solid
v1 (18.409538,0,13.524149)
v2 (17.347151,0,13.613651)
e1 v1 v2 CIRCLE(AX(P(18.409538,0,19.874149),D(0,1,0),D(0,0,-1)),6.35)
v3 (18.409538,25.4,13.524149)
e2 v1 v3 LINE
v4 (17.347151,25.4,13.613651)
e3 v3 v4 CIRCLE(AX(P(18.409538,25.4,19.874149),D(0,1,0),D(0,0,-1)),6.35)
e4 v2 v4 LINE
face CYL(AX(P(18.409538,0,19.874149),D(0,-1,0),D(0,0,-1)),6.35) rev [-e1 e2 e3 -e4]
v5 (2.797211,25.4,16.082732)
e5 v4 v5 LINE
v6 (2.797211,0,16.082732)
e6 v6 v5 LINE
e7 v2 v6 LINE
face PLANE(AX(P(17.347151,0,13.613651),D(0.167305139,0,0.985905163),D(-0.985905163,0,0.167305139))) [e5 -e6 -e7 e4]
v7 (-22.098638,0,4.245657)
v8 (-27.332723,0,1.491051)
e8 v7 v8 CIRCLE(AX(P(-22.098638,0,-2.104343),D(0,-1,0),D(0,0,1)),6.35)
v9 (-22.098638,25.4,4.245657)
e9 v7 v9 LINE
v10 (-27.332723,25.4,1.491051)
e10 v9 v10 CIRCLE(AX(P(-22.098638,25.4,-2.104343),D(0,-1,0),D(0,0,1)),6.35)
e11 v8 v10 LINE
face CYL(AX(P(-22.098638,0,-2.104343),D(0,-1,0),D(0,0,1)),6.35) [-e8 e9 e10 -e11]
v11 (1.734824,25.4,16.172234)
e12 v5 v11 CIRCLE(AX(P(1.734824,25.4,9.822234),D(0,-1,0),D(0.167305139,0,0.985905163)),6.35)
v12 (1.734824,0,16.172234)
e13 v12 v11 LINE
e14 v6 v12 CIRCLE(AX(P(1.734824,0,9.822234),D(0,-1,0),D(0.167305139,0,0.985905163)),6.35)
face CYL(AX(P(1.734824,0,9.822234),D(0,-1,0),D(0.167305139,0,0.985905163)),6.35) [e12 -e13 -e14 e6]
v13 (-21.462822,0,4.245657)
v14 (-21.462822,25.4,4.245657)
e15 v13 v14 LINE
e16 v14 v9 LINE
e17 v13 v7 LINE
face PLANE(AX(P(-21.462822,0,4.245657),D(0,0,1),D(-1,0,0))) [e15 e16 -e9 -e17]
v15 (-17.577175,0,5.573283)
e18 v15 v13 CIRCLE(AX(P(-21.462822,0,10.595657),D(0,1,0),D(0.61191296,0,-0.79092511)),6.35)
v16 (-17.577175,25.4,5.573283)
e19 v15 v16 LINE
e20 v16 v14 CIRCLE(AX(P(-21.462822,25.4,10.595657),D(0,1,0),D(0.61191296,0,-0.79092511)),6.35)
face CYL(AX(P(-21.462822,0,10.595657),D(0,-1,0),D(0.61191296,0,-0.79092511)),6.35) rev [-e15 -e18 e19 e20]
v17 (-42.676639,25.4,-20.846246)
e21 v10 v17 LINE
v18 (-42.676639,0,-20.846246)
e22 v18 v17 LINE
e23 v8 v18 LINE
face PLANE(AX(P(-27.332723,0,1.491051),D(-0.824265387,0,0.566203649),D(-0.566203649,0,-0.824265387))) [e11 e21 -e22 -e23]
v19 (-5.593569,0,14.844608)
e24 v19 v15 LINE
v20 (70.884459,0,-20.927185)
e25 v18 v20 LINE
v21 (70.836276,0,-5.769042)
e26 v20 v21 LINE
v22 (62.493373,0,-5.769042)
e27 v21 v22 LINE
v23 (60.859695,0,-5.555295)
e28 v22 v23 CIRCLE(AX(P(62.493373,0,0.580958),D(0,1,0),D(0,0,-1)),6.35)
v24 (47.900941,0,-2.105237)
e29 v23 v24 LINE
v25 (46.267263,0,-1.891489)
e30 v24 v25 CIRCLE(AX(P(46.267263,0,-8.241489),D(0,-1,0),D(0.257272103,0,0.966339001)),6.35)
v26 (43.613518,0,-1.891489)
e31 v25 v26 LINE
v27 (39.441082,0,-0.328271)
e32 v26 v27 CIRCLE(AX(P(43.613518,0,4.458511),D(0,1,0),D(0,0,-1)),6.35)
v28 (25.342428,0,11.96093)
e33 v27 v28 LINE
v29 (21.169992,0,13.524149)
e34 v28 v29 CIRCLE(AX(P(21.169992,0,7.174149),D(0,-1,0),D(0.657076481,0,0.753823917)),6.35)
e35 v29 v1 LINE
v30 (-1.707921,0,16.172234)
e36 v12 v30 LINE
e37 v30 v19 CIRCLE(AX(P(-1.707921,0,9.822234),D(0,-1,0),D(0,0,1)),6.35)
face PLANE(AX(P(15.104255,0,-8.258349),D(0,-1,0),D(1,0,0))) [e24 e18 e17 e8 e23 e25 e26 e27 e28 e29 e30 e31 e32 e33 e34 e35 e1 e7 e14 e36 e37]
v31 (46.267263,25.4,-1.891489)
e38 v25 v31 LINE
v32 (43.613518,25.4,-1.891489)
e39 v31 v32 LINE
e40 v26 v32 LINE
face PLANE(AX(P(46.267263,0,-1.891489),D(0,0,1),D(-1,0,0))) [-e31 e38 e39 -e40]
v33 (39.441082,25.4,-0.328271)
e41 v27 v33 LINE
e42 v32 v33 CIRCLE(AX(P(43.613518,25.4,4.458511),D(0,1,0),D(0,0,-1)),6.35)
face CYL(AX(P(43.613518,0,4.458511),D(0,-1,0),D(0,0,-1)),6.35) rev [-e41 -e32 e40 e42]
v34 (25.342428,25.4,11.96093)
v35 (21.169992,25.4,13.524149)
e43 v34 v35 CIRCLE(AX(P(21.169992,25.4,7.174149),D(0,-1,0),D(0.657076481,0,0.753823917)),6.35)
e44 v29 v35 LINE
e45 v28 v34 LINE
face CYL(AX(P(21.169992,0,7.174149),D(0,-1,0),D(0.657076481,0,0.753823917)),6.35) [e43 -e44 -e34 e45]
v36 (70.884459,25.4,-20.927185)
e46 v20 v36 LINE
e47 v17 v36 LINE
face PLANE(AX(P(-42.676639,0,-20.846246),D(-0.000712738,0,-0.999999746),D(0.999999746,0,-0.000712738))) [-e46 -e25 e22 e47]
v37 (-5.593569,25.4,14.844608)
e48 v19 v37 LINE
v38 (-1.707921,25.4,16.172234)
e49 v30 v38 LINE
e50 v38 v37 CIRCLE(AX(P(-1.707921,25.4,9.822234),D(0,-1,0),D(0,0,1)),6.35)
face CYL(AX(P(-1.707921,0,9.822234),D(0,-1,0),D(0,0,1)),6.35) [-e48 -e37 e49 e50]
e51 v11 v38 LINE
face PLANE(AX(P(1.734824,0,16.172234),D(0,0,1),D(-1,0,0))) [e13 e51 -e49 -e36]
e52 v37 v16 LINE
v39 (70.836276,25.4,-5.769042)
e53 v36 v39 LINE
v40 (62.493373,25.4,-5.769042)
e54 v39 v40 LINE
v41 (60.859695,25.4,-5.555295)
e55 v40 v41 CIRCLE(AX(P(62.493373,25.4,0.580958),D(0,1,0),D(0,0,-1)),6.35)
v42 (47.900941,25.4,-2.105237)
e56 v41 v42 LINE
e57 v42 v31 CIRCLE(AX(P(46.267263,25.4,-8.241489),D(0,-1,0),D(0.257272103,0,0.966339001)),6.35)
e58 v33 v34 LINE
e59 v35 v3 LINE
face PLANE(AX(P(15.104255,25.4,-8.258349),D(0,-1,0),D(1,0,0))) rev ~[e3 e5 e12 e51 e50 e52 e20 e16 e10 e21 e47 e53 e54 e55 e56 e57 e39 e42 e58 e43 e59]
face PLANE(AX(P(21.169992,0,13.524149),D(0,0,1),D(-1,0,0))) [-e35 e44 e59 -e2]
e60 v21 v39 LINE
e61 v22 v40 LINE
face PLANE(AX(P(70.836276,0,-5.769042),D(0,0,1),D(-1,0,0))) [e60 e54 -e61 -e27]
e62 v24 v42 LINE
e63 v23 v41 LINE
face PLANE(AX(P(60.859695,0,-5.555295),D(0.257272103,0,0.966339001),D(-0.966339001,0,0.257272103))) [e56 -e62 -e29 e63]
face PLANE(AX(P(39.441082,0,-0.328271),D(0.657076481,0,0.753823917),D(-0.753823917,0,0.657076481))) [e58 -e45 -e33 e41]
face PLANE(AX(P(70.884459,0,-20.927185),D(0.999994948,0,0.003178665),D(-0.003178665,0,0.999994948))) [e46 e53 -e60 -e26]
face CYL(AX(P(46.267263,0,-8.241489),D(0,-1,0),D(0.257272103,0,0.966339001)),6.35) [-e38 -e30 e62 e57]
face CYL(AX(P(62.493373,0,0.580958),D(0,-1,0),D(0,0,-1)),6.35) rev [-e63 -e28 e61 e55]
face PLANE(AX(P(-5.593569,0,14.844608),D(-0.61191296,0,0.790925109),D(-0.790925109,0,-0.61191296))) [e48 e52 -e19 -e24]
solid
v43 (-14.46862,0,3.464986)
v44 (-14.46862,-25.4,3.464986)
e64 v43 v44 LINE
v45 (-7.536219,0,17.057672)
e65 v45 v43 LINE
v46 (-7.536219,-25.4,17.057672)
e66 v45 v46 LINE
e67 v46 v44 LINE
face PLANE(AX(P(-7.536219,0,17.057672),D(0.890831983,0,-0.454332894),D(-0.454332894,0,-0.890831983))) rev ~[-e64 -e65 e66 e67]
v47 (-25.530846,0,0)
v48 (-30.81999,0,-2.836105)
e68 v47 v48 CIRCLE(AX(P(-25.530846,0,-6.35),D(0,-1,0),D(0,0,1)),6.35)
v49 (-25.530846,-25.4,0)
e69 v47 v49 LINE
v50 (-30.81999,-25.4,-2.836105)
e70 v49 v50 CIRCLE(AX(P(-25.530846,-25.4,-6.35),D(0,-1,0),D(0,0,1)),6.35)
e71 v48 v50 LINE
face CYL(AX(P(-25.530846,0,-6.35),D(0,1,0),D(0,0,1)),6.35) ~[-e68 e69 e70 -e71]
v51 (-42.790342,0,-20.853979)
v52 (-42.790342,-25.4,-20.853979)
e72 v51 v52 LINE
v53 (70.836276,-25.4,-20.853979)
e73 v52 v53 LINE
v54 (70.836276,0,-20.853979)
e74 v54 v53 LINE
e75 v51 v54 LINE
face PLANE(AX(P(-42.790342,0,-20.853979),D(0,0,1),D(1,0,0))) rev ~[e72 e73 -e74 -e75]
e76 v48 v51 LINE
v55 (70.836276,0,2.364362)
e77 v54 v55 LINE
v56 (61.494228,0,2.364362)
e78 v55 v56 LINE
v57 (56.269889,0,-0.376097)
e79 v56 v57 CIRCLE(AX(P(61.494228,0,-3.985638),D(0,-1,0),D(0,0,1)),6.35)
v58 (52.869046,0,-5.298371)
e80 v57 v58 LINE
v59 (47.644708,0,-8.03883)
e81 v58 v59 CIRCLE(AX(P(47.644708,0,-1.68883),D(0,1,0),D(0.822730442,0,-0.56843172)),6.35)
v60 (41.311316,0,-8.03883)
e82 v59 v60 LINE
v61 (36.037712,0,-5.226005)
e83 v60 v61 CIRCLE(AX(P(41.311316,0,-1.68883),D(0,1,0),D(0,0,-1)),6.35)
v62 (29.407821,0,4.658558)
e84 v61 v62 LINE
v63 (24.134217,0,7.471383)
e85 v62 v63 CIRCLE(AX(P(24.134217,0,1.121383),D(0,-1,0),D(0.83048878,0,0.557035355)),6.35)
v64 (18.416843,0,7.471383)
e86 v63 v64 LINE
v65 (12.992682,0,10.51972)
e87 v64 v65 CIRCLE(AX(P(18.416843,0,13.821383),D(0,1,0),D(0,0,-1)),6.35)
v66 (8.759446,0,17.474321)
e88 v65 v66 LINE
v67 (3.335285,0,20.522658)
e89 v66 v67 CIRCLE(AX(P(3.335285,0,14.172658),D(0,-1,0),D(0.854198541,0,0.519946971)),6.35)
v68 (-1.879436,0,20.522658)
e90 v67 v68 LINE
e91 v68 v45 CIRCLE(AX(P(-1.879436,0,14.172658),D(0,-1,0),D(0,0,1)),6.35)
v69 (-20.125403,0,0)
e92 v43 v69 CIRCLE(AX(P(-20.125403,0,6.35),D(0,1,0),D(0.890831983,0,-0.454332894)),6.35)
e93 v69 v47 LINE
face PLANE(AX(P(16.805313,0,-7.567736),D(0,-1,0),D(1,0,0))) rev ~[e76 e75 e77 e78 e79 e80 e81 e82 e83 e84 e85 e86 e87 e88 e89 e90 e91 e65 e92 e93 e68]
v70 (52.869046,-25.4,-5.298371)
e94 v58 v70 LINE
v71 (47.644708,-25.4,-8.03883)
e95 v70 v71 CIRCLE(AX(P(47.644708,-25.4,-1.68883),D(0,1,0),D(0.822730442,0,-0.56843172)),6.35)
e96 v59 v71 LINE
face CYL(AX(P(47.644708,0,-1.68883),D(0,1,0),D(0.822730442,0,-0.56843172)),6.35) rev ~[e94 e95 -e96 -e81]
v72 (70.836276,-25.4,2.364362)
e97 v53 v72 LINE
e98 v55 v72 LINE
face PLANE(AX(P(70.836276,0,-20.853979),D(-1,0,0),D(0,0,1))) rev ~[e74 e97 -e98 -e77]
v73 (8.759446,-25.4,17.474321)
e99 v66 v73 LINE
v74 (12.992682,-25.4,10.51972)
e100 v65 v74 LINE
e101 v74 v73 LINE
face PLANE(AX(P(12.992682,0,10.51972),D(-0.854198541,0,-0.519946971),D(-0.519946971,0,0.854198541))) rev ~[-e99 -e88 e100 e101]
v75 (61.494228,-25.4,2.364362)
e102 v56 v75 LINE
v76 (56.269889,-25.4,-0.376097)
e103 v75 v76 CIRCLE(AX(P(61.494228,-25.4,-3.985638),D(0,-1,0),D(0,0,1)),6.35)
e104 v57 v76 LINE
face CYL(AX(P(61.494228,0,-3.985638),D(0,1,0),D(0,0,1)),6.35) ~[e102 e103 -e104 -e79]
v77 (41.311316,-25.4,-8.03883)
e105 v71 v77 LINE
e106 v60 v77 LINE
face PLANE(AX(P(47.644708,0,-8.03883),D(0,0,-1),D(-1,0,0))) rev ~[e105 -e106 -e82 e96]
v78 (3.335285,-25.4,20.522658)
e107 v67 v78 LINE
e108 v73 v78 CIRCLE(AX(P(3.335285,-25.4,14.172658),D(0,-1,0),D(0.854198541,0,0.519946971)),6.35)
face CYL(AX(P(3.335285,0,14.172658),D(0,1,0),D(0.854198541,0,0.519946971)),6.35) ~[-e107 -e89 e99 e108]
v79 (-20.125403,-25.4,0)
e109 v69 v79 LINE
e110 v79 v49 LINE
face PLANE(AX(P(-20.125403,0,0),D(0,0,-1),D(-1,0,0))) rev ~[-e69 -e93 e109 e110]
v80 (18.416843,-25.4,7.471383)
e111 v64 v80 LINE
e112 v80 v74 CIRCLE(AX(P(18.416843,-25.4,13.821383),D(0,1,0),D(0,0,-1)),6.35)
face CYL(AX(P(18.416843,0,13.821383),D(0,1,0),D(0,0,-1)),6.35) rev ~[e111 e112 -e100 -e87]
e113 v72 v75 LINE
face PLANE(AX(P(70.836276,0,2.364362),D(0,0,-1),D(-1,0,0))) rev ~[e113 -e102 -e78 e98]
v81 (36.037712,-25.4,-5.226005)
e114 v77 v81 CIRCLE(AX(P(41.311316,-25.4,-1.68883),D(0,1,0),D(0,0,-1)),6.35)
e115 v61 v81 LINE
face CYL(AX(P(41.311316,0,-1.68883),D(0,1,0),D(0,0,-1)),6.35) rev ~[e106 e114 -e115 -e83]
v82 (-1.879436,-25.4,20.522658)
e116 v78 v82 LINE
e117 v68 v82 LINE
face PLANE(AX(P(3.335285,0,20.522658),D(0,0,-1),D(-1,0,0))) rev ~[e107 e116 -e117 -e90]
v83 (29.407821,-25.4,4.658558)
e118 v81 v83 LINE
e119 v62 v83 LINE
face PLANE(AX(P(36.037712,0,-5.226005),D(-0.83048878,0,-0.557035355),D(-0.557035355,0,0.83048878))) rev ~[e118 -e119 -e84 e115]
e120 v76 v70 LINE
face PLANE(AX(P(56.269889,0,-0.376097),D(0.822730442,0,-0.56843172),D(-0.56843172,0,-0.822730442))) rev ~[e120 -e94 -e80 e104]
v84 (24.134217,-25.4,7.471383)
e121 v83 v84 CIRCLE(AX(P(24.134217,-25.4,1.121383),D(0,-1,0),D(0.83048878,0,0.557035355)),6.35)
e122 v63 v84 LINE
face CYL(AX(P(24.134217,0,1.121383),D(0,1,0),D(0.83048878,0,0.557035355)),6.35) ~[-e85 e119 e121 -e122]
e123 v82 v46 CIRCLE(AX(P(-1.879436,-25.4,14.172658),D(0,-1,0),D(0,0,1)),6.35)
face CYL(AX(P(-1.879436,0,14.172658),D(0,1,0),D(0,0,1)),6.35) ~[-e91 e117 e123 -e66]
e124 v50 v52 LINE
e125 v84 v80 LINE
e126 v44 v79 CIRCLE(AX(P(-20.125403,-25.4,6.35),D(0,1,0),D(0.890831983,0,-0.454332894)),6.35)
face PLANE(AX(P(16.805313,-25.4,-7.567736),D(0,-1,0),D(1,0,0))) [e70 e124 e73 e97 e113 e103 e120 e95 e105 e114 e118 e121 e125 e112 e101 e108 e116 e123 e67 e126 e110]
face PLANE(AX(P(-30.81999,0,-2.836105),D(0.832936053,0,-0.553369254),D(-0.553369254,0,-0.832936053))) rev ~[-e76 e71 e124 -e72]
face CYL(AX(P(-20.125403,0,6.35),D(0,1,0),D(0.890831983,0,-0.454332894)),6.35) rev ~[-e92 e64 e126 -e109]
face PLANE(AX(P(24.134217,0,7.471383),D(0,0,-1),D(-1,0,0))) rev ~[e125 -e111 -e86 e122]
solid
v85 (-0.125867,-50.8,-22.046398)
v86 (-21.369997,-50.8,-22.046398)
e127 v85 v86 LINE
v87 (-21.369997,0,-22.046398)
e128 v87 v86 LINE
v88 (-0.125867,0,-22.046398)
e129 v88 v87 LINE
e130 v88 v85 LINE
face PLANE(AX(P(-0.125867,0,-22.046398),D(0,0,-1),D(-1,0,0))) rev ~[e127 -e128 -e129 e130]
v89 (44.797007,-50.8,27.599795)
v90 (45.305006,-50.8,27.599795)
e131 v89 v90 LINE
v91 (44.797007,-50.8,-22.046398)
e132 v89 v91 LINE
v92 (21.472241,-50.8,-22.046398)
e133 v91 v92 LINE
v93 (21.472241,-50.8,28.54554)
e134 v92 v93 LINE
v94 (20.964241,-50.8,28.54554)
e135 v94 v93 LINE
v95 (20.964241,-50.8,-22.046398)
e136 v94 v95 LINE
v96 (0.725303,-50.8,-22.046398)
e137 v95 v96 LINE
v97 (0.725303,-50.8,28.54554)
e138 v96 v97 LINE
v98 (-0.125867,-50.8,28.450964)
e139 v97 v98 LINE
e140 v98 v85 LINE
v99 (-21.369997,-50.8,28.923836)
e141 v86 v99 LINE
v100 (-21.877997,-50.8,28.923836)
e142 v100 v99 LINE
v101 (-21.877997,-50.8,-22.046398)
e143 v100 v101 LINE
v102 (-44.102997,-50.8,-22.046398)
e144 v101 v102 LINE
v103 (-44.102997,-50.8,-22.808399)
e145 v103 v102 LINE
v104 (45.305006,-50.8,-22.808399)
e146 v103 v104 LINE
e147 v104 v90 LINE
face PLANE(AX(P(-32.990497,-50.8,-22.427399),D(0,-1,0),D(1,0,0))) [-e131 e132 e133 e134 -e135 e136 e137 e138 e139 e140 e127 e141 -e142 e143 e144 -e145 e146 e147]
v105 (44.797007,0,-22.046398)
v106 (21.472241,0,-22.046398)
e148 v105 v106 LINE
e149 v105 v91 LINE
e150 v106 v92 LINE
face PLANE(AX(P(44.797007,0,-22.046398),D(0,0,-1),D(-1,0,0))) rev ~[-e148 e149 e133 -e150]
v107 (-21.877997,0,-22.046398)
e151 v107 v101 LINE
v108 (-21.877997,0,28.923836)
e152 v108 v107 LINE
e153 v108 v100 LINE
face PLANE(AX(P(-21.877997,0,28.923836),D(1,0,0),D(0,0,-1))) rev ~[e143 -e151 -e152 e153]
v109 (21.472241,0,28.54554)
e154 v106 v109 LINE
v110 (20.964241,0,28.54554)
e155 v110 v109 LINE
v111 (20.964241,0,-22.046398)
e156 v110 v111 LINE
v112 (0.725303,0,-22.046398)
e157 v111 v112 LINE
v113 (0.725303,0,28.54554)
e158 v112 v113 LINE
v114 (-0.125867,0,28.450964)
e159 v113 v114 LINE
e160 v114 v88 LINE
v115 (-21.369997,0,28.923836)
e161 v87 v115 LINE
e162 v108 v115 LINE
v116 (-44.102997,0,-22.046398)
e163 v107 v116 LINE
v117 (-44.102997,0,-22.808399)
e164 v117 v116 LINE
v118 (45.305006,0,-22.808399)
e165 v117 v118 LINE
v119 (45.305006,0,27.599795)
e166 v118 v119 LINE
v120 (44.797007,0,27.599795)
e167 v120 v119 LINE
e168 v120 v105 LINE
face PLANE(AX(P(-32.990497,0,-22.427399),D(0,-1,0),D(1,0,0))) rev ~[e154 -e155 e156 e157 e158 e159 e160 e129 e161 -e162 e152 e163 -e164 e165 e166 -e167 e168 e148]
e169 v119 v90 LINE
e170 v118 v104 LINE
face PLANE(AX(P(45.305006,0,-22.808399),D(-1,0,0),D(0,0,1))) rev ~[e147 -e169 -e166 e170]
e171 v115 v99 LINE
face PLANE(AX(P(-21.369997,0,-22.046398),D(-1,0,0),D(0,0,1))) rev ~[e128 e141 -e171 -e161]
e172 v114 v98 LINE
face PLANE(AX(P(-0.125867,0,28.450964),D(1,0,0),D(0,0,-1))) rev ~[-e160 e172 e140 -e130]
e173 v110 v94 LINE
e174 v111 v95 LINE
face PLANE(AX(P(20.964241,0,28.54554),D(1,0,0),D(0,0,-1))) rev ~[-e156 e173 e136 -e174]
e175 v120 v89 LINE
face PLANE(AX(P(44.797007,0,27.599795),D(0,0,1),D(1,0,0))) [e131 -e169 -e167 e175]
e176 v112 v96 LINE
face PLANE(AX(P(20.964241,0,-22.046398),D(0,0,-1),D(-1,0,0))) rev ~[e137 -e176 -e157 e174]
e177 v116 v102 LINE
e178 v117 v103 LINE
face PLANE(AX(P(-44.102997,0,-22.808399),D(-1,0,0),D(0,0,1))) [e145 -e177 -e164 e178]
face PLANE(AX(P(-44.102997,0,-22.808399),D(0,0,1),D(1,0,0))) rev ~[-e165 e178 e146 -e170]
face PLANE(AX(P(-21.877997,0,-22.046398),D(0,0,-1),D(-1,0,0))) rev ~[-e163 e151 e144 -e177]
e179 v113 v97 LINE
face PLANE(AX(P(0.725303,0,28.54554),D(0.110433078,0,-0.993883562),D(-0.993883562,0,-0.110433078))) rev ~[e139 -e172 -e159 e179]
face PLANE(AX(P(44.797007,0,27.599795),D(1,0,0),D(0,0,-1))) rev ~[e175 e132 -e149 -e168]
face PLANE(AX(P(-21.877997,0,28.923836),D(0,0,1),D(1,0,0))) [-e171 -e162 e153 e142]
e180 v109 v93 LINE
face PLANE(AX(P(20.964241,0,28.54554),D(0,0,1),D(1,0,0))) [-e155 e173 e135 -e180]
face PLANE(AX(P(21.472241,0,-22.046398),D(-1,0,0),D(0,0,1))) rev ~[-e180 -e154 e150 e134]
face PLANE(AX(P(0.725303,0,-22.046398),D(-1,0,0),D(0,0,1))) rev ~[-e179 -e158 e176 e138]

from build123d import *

# Parameters (mm, degrees)
F1_DEPTH = 25.4
F3_DEPTH = 25.4
F4_W     = 22.2249999642
F4_H     = 0.76200068
F4_W_2   = 0.5079992115
F4_W_3   = 21.2441299809
F4_H_2   = 9.0737463906
F4_W_4   = 0.8511701599
F4_H_3   = 20.5226591788
F4_W_5   = 20.2389379265
F4_H_4   = 8.6062769406
F4_W_6   = 0.508
F4_H_5   = 10.0248930976
F4_H_6   = 6.7147873342
F4_W_7   = 23.3247663392
F4_H_7   = 10.4977660812
F4_H_8   = 6.0527641326
F4_H_9   = 5.6744683534
F4_H_10  = 4.7287233174
F5_DEPTH = 50.8


with BuildPart() as f1:
    # F0 (on Front) → F1 (new body)
    with BuildSketch(Plane.XZ):
        with BuildLine():
            Line((-30.819990354, -2.8361052375), (-42.790342193, -20.853979461))
            Line((-42.790342193, -20.853979461), (70.836275816, -20.853979461))
            Line((70.836275816, -20.853979461), (70.836275816, 2.3643618915))
            Line((70.836275816, 2.3643618915), (61.4942277295, 2.3643618915))
            ThreePointArc((61.4942277295, 2.3643618915), (58.5444894383, 1.6376655481), (56.2698894245, -0.3760966869))
            Line((56.2698894245, -0.3760966869), (52.8690463799, -5.2983714337))
            ThreePointArc((52.8690463799, -5.2983714337), (50.594446366, -7.3121336686), (47.6447080748, -8.0388300121))
            Line((47.6447080748, -8.0388300121), (41.311316045, -8.0388300121))
            ThreePointArc((41.311316045, -8.0388300121), (38.3228848586, -7.2916667082), (36.0377122921, -5.2260045141))
            Line((36.0377122921, -5.2260045141), (29.4078207302, 4.6585575856))
            ThreePointArc((29.4078207302, 4.6585575856), (27.1226481637, 6.7242197798), (24.1342169773, 7.4713830836))
            Line((24.1342169773, 7.4713830836), (18.4168425914, 7.4713830836))
            ThreePointArc((18.4168425914, 7.4713830836), (15.3058187841, 8.2856779912), (12.9926818567, 10.5197198173))
            Line((12.9926818567, 10.5197198173), (8.7594460552, 17.4743210481))
            ThreePointArc((8.7594460552, 17.4743210481), (6.4463091278, 19.7083628743), (3.3352853205, 20.5226577818))
            Line((3.3352853205, 20.5226577818), (-1.8794359807, 20.5226577818))
            ThreePointArc((-1.8794359807, 20.5226577818), (-5.1962614115, 19.5875602797), (-7.5362190706, 17.0576716594))
            Line((-7.5362190706, 17.0576716594), (-14.4686196565, 3.4649861225))
            ThreePointArc((-14.4686196565, 3.4649861225), (-16.8085773156, 0.9350975022), (-20.1254027465, 0))
            Line((-20.1254027465, 0), (-22.1528416601, 0))
            Line((-22.1528416601, 0), (-25.5308464159, 0))
            ThreePointArc((-25.5308464159, 0), (-28.5316186713, -0.7537632403), (-30.819990354, -2.8361052375))
        make_face()
    extrude(amount=F1_DEPTH)


with BuildPart() as f3:
    # F2 (on Front) → F3 (new body)
    with BuildSketch(Plane.XZ):
        with BuildLine():
            Line((-42.6766388118, -20.8462458104), (70.8844587207, -20.9271851927))
            Line((70.8844587207, -20.9271851927), (70.836275816, -5.7690422982))
            Line((70.836275816, -5.7690422982), (62.4933730942, -5.7690422982))
            ThreePointArc((62.4933730942, -5.7690422982), (61.669572259, -5.7153787079), (60.8596952382, -5.5552949546))
            Line((60.8596952382, -5.5552949546), (47.9009410616, -2.1052366007))
            ThreePointArc((47.9009410616, -2.1052366007), (47.0910640408, -1.9451528474), (46.2672632057, -1.8914892571))
            Line((46.2672632057, -1.8914892571), (43.6135176722, -1.8914892571))
            ThreePointArc((43.6135176722, -1.8914892571), (41.3856896822, -1.4878564209), (39.4410820167, -0.3282711302))
            Line((39.4410820167, -0.3282711302), (25.342427804, 11.9609304863))
            ThreePointArc((25.342427804, 11.9609304863), (23.3978201385, 13.120515777), (21.1699921485, 13.5241486132))
            Line((21.1699921485, 13.5241486132), (18.4095382194, 13.5241486132))
            ThreePointArc((18.4095382194, 13.5241486132), (17.876462679, 13.5465637289), (17.3471505874, 13.6136508279))
            Line((17.3471505874, 13.6136508279), (2.7972111824, 16.0827317542))
            ThreePointArc((2.7972111824, 16.0827317542), (2.2678990908, 16.1498188533), (1.7348235503, 16.172233969))
            Line((1.7348235503, 16.172233969), (-1.7079213218, 16.172233969))
            ThreePointArc((-1.7079213218, 16.172233969), (-3.7610192582, 15.8311680561), (-5.5935686207, 14.8446084142))
            Line((-5.5935686207, 14.8446084142), (-17.5771749825, 5.5732830285))
            ThreePointArc((-17.5771749825, 5.5732830285), (-19.4097243451, 4.5867233867), (-21.4628222814, 4.2456574738))
            Line((-21.4628222814, 4.2456574738), (-22.0986377263, 4.2456574738))
            ThreePointArc((-22.0986377263, 4.2456574738), (-25.0559805682, 3.5149655554), (-27.332722933, 1.4910506441))
            Line((-27.332722933, 1.4910506441), (-42.6766388118, -20.8462458104))
        make_face()
    extrude(amount=-F3_DEPTH)


with BuildPart() as f5:
    # F4 (on Front) → F5 (new body)
    with BuildSketch(Plane.XZ):
        with Locations((-32.9904966056, -22.4273987114)):
            Rectangle(F4_W, F4_H)
        with Locations((-21.6239970177, -22.4273987114)):
            Rectangle(F4_W_2, F4_H)
        with Locations((-10.7479324215, -22.4273987114)):
            Rectangle(F4_W_3, F4_H)
        with Locations((-21.6239970177, -17.5095251761)):
            Rectangle(F4_W_2, F4_H_2)
        with Locations((0.2997176489, -22.4273987114)):
            Rectangle(F4_W_4, F4_H)
        with Locations((-21.6239970177, -2.7113223914)):
            Rectangle(F4_W_2, F4_H_3)
        with Locations((10.8447716921, -22.4273987114)):
            Rectangle(F4_W_5, F4_H)
        with Locations((0.2997176489, -17.5095251761)):
            Rectangle(F4_W_4, F4_H_2)
        with Locations((-21.6239970177, 11.8531456683)):
            Rectangle(F4_W_2, F4_H_4)
        with Locations((21.2182406553, -22.4273987114)):
            Rectangle(F4_W_6, F4_H)
        with Locations((0.2997176489, -7.960205432)):
            Rectangle(F4_W_4, F4_H_5)
        with Locations((-21.6239970177, 19.5136778057)):
            Rectangle(F4_W_2, F4_H_6)
        with Locations((33.1346238249, -22.4273987114)):
            Rectangle(F4_W_7, F4_H)
        with Locations((21.2182406553, -17.5095251761)):
            Rectangle(F4_W_6, F4_H_2)
        with Locations((0.2997176489, 2.3011241574)):
            Rectangle(F4_W_4, F4_H_7)
        with Locations((-21.6239970177, 25.8974535391)):
            Rectangle(F4_W_2, F4_H_8)
        with Locations((45.0510066003, -22.4273987114)):
            Rectangle(F4_W_2, F4_H)
        with Locations((21.2182406553, -7.960205432)):
            Rectangle(F4_W_6, F4_H_5)
        with Locations((0.2997176489, 11.8531456683)):
            Rectangle(F4_W_4, F4_H_4)
        with Locations((45.0510066003, -17.5095251761)):
            Rectangle(F4_W_2, F4_H_2)
        with Locations((21.2182406553, 2.3011241574)):
            Rectangle(F4_W_6, F4_H_7)
        with Locations((0.2997176489, 19.5136778057)):
            Rectangle(F4_W_4, F4_H_6)
        with Locations((45.0510066003, -7.960205432)):
            Rectangle(F4_W_2, F4_H_5)
        with Locations((21.2182406553, 11.8531456683)):
            Rectangle(F4_W_6, F4_H_4)
        Polygon((-0.1258674311, 28.4509640187), (-0.1258674311, 22.8710714728), (0.7253027288, 22.8710714728), (0.7253027288, 28.5455398262), align=None)
        with Locations((45.0510066003, 2.3011241574)):
            Rectangle(F4_W_2, F4_H_7)
        with Locations((21.2182406553, 19.5136778057)):
            Rectangle(F4_W_6, F4_H_6)
        with Locations((45.0510066003, 11.8531456683)):
            Rectangle(F4_W_2, F4_H_4)
        with Locations((21.2182406553, 25.7083056495)):
            Rectangle(F4_W_6, F4_H_9)
        with Locations((45.0510066003, 19.5136778057)):
            Rectangle(F4_W_2, F4_H_6)
        with Locations((45.0510066003, 25.2354331315)):
            Rectangle(F4_W_2, F4_H_10)
    extrude(amount=F5_DEPTH)


solid = Compound([f1.part, f3.part, f5.part])
